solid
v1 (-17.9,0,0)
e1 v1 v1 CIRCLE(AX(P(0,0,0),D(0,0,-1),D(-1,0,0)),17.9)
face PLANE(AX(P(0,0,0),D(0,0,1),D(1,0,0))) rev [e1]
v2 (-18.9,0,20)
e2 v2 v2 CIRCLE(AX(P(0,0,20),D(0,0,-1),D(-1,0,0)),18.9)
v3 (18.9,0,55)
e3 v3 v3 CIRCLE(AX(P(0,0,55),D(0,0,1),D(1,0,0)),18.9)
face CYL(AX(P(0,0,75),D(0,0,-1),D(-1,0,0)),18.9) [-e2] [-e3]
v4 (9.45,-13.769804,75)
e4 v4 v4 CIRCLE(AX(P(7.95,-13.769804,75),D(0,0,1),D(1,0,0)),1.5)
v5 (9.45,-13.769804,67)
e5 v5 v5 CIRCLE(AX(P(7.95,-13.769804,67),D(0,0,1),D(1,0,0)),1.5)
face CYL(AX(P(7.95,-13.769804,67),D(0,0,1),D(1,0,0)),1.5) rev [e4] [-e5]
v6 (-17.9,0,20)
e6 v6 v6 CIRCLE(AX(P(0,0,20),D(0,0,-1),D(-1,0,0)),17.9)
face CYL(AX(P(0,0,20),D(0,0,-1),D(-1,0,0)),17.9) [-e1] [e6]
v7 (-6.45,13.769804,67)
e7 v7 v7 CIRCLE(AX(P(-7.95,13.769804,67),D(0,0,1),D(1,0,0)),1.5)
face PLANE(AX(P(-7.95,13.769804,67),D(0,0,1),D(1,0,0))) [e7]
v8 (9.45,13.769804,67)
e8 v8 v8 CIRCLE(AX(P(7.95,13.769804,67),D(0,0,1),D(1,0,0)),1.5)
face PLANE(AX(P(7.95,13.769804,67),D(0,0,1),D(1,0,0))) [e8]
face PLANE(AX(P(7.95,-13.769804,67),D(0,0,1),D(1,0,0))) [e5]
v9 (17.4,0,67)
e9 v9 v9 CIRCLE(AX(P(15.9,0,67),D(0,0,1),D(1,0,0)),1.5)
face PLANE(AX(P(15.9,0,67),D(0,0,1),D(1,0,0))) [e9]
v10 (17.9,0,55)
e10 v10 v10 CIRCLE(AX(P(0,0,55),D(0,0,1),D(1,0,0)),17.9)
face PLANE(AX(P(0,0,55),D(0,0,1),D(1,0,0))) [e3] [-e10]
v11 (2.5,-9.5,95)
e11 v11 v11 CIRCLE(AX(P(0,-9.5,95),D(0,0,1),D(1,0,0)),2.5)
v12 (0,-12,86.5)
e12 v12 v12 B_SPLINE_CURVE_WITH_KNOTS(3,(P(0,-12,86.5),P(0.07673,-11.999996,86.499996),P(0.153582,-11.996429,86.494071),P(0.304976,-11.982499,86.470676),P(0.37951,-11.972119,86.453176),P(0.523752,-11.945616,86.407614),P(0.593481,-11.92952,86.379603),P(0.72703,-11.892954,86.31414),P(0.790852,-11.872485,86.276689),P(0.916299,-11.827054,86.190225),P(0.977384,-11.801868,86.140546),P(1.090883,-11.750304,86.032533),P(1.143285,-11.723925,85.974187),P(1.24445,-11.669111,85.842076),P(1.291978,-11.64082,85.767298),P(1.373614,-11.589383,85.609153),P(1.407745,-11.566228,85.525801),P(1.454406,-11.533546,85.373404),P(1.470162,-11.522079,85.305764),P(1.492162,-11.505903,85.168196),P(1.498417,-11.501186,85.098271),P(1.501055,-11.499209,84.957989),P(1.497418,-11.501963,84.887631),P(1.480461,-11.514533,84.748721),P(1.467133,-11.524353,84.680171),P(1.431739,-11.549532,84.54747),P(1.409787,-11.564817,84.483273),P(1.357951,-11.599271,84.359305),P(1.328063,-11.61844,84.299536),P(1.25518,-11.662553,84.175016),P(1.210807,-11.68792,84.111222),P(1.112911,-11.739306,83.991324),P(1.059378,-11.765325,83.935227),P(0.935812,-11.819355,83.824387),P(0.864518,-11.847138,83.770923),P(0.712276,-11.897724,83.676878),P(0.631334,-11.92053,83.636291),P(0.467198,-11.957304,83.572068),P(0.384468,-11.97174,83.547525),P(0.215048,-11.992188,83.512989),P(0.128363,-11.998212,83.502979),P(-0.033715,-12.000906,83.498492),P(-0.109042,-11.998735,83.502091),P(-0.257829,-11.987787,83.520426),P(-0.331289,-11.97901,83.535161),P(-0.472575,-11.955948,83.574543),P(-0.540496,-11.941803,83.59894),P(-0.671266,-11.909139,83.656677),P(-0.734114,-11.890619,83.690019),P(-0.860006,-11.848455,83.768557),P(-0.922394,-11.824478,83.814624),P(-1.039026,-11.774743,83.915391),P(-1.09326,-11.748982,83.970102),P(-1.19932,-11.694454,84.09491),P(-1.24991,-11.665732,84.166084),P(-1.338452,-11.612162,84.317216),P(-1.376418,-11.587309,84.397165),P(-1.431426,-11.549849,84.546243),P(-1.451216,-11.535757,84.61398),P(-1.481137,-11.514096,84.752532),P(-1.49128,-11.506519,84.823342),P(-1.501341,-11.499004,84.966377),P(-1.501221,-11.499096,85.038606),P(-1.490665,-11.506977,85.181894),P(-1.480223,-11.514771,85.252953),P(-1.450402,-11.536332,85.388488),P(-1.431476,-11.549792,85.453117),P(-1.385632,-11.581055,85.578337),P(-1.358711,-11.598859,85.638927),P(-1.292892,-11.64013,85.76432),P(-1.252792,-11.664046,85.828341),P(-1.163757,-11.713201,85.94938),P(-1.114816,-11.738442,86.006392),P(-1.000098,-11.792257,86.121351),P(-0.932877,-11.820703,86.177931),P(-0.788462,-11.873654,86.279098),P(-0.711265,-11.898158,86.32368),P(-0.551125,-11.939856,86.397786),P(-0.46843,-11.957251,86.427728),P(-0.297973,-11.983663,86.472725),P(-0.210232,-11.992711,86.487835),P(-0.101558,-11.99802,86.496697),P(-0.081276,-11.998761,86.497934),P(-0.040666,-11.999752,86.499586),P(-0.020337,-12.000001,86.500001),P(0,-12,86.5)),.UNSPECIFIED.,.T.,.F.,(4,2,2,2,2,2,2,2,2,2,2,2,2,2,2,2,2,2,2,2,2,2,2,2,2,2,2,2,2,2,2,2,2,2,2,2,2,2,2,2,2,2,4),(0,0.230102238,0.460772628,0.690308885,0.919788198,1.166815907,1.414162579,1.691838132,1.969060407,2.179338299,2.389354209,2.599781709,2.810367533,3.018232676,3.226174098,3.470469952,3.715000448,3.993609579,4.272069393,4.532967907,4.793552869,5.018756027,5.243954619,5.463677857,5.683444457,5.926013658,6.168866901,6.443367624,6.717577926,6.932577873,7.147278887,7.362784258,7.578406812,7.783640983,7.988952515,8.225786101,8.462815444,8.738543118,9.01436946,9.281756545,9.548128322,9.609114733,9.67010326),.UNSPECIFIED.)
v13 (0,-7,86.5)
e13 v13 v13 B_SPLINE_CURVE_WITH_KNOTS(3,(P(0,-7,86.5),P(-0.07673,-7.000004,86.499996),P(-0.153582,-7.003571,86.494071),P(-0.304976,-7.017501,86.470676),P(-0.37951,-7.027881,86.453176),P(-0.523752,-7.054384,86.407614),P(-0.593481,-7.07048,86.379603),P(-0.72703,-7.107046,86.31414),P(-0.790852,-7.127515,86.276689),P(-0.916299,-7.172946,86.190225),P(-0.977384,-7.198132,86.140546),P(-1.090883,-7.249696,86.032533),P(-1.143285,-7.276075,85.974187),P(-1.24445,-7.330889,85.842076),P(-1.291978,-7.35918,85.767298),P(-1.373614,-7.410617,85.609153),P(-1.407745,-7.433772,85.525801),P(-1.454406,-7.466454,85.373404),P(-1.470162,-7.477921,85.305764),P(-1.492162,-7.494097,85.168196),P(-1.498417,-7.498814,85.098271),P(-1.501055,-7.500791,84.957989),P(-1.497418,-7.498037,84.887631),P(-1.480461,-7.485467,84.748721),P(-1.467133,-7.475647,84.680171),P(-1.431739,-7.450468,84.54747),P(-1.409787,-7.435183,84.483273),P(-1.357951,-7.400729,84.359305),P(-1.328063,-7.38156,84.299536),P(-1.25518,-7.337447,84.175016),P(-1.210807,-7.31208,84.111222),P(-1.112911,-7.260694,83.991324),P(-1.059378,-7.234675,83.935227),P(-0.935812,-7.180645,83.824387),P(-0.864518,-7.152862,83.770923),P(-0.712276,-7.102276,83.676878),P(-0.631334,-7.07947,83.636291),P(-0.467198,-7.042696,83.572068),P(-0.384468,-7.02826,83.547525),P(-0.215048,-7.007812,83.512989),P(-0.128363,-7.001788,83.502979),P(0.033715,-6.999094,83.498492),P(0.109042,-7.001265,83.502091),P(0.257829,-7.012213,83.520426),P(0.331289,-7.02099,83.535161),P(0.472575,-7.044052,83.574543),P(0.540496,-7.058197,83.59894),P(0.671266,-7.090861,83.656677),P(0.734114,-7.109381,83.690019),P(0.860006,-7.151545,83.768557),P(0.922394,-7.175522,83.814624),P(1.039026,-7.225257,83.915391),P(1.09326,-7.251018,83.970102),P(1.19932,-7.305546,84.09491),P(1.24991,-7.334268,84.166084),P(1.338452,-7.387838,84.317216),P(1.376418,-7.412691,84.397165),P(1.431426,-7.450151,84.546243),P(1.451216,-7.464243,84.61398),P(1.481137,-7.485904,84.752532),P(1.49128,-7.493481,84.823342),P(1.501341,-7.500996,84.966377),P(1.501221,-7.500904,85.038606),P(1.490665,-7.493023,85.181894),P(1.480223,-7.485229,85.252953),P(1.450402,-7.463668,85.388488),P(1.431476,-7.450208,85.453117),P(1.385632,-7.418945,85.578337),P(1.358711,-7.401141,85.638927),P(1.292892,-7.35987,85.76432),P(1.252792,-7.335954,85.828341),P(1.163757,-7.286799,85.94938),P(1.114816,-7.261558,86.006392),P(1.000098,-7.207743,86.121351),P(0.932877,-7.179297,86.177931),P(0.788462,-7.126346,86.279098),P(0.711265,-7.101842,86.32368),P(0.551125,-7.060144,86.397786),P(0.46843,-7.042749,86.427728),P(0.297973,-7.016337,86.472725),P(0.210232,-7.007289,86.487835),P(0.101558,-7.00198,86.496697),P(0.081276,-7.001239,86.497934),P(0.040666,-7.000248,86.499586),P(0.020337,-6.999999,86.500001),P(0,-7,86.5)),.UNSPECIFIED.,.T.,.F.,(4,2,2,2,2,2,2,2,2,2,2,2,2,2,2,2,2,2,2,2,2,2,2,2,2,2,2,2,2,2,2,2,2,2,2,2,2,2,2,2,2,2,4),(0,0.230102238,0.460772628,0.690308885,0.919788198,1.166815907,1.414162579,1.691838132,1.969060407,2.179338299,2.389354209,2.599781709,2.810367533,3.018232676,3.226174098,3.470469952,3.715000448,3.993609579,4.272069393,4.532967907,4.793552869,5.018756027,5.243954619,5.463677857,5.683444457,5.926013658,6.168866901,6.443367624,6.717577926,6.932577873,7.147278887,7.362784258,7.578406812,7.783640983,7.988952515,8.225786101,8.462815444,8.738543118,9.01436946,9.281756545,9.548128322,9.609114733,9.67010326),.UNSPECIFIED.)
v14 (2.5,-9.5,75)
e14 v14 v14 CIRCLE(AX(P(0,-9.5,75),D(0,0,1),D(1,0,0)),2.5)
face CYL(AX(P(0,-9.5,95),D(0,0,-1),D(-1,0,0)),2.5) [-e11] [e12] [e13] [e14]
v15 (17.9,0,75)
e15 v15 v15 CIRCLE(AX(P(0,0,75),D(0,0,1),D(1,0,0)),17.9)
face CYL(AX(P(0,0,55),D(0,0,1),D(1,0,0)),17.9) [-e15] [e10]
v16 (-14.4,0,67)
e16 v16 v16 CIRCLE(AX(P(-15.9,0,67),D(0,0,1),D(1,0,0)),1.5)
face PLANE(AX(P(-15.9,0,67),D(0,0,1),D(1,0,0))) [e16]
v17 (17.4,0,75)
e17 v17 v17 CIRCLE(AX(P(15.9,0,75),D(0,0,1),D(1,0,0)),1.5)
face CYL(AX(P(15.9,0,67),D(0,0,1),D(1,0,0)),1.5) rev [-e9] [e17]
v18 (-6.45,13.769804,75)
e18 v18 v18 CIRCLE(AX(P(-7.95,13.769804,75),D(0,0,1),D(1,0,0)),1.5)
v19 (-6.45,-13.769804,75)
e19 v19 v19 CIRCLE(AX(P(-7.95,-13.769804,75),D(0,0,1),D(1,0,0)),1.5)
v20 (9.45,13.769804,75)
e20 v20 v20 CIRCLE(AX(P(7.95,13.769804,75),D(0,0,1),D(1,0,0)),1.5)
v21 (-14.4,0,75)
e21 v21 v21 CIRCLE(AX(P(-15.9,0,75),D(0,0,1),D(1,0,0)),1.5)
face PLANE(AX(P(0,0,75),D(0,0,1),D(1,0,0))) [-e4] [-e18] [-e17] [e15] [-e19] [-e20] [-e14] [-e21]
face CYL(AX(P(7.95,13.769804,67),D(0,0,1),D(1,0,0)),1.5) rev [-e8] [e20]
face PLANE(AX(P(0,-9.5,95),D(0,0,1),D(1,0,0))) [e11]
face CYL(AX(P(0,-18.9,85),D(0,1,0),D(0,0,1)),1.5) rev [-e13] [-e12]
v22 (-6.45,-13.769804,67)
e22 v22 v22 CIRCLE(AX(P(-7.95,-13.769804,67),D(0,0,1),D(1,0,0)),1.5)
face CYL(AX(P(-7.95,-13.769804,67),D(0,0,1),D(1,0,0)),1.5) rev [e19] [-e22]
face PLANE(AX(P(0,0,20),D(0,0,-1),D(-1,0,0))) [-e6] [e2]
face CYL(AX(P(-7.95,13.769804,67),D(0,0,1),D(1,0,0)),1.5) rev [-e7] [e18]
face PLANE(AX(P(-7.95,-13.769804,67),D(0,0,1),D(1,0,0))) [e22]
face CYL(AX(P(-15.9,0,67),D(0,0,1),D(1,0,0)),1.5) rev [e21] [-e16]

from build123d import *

# Parameters (mm, degrees)
SKETCH1_R           = 18.9
BOSS_EXTRUDE1_DEPTH = 75
SKETCH2_R           = 1.5
CUT_EXTRUDE1_DEPTH  = 8
SKETCH3_R           = 2.5
BOSS_EXTRUDE2_DEPTH = 20
CUT_EXTRUDE4_START  = -20
SKETCH5_R           = 18.9
SKETCH5_R_2         = 17.9
CUT_EXTRUDE4_DEPTH  = 20
SKETCH6_R           = 18.9
SKETCH6_R_2         = 17.9
CUT_EXTRUDE5_DEPTH  = 20
SKETCH7_R           = 1.5
CUT_EXTRUDE6_DEPTH  = 99.688499837


with BuildPart() as part:
    # Sketch1 → Boss-Extrude1 (new body)
    with BuildSketch(Plane.XY):
        Circle(SKETCH1_R)
    extrude(amount=BOSS_EXTRUDE1_DEPTH)

    # Sketch2 → Cut-Extrude1 (cut)
    with BuildSketch(Plane.XY.offset(75)):
        with Locations((15.9, 0)):
            Circle(SKETCH2_R)
        with Locations((7.95, -13.76980392)):
            Circle(SKETCH2_R)
        with Locations((-7.95, -13.76980392)):
            Circle(SKETCH2_R)
        with Locations((-15.9, 0)):
            Circle(SKETCH2_R)
        with Locations((-7.95, 13.76980392)):
            Circle(SKETCH2_R)
        with Locations((7.95, 13.76980392)):
            Circle(SKETCH2_R)
    extrude(amount=-CUT_EXTRUDE1_DEPTH, mode=Mode.SUBTRACT)

    # Sketch3 → Boss-Extrude2 (add)
    with BuildSketch(Plane.XY.offset(75)):
        with Locations((0, -9.5)):
            Circle(SKETCH3_R)
    extrude(amount=BOSS_EXTRUDE2_DEPTH)

    # Sketch5 → Cut-Extrude4 (cut)
    with BuildSketch(Plane.XY.offset(75).offset(CUT_EXTRUDE4_START)):
        Circle(SKETCH5_R)
        Circle(SKETCH5_R_2, mode=Mode.SUBTRACT)
    extrude(amount=CUT_EXTRUDE4_DEPTH, mode=Mode.SUBTRACT)

    # Sketch6 → Cut-Extrude5 (cut)
    with BuildSketch(Plane(origin=(0, 0, 0), x_dir=(-1, 0, 0), z_dir=(0, 0, -1))):
        Circle(SKETCH6_R)
        with Locations(Location((0, 0, 0), (0, 0, 180))):
            Circle(SKETCH6_R_2, mode=Mode.SUBTRACT)
    extrude(amount=-CUT_EXTRUDE5_DEPTH, mode=Mode.SUBTRACT)

    # Sketch7 → Cut-Extrude6 (cut, through all)
    with BuildSketch(Plane(origin=(0, 0, 0), x_dir=(1, 0, 0), z_dir=(0, 1, 0))):
        with Locations(Location((0, -85, 0), (0, 0, 270))):
            Circle(SKETCH7_R)
    extrude(amount=-CUT_EXTRUDE6_DEPTH, mode=Mode.SUBTRACT)


solid = part.part
